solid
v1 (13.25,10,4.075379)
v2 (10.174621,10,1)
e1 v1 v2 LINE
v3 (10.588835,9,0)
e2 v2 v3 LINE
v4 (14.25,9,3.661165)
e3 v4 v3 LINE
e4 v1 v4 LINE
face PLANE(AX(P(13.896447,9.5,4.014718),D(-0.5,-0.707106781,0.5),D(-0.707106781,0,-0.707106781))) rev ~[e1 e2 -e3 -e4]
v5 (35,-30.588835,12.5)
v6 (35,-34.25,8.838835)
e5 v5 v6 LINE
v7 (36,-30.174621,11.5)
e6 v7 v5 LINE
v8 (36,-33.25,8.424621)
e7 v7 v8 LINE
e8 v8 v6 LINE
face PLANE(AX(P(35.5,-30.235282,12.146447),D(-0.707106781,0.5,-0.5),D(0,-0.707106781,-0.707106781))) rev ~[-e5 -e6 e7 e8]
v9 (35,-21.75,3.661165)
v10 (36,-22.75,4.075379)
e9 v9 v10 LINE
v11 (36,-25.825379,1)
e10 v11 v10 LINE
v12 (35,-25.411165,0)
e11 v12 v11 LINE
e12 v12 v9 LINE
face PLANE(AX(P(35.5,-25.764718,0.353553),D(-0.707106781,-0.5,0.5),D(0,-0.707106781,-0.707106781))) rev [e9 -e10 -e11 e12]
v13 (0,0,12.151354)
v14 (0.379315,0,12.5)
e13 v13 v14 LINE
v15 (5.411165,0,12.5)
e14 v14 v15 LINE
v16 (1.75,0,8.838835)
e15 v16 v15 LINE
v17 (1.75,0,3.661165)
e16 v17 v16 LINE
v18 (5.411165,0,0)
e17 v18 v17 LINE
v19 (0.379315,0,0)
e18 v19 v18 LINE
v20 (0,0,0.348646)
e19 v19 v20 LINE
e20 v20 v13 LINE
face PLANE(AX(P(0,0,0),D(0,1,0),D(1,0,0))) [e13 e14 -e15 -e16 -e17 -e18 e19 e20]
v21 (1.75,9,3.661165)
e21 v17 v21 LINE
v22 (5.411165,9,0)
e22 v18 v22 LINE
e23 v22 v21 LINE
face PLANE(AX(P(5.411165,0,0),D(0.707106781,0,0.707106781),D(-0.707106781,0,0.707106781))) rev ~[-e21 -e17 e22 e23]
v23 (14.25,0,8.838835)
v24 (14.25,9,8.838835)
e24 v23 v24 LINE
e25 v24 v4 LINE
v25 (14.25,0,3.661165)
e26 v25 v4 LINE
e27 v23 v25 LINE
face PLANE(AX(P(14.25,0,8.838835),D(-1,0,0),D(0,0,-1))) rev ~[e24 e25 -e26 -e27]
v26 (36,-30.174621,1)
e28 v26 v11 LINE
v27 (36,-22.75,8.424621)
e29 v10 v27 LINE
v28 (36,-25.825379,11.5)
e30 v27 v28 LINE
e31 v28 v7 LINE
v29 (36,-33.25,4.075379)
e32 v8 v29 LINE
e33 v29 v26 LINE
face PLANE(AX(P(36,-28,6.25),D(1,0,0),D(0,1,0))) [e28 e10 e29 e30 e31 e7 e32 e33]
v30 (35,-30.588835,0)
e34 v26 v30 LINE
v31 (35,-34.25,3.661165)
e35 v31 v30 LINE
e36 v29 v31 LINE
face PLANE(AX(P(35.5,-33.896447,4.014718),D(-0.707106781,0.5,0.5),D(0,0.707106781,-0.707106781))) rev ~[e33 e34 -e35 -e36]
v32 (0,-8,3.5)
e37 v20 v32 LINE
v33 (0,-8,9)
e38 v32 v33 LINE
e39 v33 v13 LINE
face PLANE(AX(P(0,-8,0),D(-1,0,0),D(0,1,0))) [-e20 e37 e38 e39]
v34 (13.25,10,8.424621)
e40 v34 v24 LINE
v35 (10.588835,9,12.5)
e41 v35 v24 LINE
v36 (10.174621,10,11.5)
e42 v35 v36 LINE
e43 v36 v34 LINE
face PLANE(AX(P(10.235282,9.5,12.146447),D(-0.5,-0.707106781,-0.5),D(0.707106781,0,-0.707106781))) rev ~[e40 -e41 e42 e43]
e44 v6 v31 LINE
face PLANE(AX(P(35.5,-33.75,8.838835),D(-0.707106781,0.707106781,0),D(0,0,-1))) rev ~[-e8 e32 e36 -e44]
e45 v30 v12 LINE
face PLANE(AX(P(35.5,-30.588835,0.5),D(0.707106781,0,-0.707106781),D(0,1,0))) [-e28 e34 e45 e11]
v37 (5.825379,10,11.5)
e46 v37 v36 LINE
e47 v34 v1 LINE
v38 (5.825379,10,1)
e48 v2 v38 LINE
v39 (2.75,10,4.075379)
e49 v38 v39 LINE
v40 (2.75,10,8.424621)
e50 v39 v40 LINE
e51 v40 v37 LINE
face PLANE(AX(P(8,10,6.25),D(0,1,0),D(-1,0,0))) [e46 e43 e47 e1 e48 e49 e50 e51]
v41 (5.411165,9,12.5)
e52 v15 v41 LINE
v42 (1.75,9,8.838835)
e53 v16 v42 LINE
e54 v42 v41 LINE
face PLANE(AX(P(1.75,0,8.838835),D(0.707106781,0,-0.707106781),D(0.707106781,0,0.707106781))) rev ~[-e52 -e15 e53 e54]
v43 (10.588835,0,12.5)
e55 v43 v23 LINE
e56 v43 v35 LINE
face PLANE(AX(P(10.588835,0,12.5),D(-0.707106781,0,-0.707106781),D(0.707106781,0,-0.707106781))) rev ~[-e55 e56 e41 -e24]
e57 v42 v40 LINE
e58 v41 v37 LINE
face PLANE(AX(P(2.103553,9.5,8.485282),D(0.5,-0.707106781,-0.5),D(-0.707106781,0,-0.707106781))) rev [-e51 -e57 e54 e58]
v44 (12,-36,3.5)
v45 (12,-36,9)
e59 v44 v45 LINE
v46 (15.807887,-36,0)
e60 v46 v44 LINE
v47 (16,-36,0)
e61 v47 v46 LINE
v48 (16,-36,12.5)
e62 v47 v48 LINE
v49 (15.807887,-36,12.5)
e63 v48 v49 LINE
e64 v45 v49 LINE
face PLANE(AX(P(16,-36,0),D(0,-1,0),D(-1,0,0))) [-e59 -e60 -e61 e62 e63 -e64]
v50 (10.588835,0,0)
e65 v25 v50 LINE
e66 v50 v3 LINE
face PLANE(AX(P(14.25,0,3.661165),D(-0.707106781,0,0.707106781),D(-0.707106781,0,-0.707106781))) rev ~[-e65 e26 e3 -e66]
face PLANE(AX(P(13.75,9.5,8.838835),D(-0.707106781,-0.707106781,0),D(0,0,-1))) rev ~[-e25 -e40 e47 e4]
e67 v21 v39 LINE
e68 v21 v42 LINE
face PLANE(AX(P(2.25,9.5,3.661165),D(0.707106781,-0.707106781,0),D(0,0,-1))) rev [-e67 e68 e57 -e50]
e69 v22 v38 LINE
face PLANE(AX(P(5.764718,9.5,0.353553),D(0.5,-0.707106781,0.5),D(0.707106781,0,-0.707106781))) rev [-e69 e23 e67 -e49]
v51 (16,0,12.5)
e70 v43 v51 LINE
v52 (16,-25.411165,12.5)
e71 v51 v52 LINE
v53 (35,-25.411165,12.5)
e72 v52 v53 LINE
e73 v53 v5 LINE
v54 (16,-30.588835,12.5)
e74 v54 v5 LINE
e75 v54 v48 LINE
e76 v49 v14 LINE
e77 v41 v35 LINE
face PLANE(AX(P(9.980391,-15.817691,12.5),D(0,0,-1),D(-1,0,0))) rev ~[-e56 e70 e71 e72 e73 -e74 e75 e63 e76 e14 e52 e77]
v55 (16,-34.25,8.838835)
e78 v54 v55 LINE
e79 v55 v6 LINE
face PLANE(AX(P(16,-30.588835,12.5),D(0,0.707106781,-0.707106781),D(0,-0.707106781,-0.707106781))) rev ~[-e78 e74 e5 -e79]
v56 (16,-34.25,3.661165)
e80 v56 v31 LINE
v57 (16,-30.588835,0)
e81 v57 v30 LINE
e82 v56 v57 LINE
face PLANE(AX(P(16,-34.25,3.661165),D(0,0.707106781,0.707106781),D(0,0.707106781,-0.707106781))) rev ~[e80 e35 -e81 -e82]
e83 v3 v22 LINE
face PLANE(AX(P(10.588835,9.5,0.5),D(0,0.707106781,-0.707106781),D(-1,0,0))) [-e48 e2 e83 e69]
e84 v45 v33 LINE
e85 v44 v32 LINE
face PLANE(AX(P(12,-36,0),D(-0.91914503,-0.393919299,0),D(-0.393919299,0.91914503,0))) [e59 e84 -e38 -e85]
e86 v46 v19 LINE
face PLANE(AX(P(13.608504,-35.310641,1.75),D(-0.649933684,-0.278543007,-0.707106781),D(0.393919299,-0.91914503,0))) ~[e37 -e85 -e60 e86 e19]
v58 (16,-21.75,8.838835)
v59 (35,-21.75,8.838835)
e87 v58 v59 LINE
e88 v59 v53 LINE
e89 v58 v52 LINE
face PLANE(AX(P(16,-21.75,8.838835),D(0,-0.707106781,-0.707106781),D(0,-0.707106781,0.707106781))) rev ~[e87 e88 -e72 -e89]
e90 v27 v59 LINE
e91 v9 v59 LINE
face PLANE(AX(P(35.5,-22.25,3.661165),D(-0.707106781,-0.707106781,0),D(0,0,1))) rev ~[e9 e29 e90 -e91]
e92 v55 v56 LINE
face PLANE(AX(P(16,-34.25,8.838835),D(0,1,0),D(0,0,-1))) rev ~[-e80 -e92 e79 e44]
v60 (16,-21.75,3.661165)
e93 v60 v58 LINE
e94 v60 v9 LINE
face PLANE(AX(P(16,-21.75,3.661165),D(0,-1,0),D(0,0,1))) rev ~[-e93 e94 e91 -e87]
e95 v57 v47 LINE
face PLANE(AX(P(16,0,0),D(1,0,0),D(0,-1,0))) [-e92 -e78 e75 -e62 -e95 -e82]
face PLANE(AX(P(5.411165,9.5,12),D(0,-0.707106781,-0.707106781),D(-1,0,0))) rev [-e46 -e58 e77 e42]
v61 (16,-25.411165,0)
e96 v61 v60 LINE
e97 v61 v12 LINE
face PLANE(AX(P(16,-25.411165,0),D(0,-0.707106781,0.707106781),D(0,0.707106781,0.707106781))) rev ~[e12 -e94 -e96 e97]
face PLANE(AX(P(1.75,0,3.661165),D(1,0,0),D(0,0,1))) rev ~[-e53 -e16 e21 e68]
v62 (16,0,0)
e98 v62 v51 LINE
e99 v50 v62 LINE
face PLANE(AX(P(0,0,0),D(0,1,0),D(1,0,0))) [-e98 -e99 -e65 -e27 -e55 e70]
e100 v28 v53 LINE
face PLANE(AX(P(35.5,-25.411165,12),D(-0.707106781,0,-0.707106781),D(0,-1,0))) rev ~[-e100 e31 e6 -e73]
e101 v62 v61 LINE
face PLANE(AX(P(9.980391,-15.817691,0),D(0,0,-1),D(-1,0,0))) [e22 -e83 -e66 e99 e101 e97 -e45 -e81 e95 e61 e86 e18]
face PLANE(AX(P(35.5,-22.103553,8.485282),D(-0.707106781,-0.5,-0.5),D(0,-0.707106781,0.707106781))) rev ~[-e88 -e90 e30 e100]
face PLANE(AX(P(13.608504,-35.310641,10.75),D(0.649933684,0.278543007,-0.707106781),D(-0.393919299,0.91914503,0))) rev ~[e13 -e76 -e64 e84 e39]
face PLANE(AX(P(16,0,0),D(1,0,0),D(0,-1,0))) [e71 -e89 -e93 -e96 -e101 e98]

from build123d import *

# Parameters (mm, degrees)
PAD_DEPTH       = 12.5
PAD001_DEPTH    = 10
PAD002_DEPTH    = 20
CHAMFER_SIZE    = 1
CHAMFER001_SIZE = 1
CHAMFER002_SIZE = 3.5


with BuildPart() as part:
    # Sketch → Pad (new body)
    with BuildSketch(Plane.XY):
        Polygon((0, 0), (16, 0), (16, -36), (12, -36), (0, -8), align=None)
    extrude(amount=PAD_DEPTH)

    # Sketch001 (on Face1 of Pad) → Pad001 (join)
    with BuildSketch(Plane(origin=(0, 0, 0), x_dir=(-1, 0, 0), z_dir=(0, 1, 0))):
        Polygon((-5.411165, 0), (-1.75, 3.661165), (-1.75, 8.838835), (-5.411165, 12.5), (-10.588835, 12.5), (-14.25, 8.838835), (-14.25, 3.661165), (-10.588835, 0), align=None)
    extrude(amount=PAD001_DEPTH)

    # Sketch002 (on Face12 of Pad001) → Pad002 (join)
    with BuildSketch(Plane.YZ.offset(16)):
        Polygon((-25.411165, 0), (-21.75, 3.661165), (-21.75, 8.838835), (-25.411165, 12.5), (-30.588835, 12.5), (-34.25, 8.838835), (-34.25, 3.661165), (-30.588835, 0), align=None)
    extrude(amount=PAD002_DEPTH)

    # Chamfer
    chamfer_edges = [part.edges().sort_by_distance(p)[0] for p in [
        (3.580583, 10, 1.830583),
        (1.75, 10, 6.25),
        (3.580583, 10, 10.669417),
        (8, 10, 12.5),
        (12.419417, 10, 10.669417),
        (14.25, 10, 6.25),
        (12.419417, 10, 1.830583),
        (8, 10, 0),
    ]]
    chamfer(chamfer_edges, length=CHAMFER_SIZE)

    # Chamfer001
    chamfer001_edges = [part.edges().sort_by_distance(p)[0] for p in [
        (36, -23.580583, 1.830583),
        (36, -21.75, 6.25),
        (36, -23.580583, 10.669417),
        (36, -28, 12.5),
        (36, -32.419417, 10.669417),
        (36, -34.25, 6.25),
        (36, -32.419417, 1.830583),
        (36, -28, 0),
    ]]
    chamfer(chamfer001_edges, length=CHAMFER001_SIZE)

    # Chamfer002
    chamfer002_edges = [part.edges().sort_by_distance(p)[0] for p in [
        (6, -22, 0),
        (6, -22, 12.5),
    ]]
    chamfer(chamfer002_edges, length=CHAMFER002_SIZE)


solid = part.part
